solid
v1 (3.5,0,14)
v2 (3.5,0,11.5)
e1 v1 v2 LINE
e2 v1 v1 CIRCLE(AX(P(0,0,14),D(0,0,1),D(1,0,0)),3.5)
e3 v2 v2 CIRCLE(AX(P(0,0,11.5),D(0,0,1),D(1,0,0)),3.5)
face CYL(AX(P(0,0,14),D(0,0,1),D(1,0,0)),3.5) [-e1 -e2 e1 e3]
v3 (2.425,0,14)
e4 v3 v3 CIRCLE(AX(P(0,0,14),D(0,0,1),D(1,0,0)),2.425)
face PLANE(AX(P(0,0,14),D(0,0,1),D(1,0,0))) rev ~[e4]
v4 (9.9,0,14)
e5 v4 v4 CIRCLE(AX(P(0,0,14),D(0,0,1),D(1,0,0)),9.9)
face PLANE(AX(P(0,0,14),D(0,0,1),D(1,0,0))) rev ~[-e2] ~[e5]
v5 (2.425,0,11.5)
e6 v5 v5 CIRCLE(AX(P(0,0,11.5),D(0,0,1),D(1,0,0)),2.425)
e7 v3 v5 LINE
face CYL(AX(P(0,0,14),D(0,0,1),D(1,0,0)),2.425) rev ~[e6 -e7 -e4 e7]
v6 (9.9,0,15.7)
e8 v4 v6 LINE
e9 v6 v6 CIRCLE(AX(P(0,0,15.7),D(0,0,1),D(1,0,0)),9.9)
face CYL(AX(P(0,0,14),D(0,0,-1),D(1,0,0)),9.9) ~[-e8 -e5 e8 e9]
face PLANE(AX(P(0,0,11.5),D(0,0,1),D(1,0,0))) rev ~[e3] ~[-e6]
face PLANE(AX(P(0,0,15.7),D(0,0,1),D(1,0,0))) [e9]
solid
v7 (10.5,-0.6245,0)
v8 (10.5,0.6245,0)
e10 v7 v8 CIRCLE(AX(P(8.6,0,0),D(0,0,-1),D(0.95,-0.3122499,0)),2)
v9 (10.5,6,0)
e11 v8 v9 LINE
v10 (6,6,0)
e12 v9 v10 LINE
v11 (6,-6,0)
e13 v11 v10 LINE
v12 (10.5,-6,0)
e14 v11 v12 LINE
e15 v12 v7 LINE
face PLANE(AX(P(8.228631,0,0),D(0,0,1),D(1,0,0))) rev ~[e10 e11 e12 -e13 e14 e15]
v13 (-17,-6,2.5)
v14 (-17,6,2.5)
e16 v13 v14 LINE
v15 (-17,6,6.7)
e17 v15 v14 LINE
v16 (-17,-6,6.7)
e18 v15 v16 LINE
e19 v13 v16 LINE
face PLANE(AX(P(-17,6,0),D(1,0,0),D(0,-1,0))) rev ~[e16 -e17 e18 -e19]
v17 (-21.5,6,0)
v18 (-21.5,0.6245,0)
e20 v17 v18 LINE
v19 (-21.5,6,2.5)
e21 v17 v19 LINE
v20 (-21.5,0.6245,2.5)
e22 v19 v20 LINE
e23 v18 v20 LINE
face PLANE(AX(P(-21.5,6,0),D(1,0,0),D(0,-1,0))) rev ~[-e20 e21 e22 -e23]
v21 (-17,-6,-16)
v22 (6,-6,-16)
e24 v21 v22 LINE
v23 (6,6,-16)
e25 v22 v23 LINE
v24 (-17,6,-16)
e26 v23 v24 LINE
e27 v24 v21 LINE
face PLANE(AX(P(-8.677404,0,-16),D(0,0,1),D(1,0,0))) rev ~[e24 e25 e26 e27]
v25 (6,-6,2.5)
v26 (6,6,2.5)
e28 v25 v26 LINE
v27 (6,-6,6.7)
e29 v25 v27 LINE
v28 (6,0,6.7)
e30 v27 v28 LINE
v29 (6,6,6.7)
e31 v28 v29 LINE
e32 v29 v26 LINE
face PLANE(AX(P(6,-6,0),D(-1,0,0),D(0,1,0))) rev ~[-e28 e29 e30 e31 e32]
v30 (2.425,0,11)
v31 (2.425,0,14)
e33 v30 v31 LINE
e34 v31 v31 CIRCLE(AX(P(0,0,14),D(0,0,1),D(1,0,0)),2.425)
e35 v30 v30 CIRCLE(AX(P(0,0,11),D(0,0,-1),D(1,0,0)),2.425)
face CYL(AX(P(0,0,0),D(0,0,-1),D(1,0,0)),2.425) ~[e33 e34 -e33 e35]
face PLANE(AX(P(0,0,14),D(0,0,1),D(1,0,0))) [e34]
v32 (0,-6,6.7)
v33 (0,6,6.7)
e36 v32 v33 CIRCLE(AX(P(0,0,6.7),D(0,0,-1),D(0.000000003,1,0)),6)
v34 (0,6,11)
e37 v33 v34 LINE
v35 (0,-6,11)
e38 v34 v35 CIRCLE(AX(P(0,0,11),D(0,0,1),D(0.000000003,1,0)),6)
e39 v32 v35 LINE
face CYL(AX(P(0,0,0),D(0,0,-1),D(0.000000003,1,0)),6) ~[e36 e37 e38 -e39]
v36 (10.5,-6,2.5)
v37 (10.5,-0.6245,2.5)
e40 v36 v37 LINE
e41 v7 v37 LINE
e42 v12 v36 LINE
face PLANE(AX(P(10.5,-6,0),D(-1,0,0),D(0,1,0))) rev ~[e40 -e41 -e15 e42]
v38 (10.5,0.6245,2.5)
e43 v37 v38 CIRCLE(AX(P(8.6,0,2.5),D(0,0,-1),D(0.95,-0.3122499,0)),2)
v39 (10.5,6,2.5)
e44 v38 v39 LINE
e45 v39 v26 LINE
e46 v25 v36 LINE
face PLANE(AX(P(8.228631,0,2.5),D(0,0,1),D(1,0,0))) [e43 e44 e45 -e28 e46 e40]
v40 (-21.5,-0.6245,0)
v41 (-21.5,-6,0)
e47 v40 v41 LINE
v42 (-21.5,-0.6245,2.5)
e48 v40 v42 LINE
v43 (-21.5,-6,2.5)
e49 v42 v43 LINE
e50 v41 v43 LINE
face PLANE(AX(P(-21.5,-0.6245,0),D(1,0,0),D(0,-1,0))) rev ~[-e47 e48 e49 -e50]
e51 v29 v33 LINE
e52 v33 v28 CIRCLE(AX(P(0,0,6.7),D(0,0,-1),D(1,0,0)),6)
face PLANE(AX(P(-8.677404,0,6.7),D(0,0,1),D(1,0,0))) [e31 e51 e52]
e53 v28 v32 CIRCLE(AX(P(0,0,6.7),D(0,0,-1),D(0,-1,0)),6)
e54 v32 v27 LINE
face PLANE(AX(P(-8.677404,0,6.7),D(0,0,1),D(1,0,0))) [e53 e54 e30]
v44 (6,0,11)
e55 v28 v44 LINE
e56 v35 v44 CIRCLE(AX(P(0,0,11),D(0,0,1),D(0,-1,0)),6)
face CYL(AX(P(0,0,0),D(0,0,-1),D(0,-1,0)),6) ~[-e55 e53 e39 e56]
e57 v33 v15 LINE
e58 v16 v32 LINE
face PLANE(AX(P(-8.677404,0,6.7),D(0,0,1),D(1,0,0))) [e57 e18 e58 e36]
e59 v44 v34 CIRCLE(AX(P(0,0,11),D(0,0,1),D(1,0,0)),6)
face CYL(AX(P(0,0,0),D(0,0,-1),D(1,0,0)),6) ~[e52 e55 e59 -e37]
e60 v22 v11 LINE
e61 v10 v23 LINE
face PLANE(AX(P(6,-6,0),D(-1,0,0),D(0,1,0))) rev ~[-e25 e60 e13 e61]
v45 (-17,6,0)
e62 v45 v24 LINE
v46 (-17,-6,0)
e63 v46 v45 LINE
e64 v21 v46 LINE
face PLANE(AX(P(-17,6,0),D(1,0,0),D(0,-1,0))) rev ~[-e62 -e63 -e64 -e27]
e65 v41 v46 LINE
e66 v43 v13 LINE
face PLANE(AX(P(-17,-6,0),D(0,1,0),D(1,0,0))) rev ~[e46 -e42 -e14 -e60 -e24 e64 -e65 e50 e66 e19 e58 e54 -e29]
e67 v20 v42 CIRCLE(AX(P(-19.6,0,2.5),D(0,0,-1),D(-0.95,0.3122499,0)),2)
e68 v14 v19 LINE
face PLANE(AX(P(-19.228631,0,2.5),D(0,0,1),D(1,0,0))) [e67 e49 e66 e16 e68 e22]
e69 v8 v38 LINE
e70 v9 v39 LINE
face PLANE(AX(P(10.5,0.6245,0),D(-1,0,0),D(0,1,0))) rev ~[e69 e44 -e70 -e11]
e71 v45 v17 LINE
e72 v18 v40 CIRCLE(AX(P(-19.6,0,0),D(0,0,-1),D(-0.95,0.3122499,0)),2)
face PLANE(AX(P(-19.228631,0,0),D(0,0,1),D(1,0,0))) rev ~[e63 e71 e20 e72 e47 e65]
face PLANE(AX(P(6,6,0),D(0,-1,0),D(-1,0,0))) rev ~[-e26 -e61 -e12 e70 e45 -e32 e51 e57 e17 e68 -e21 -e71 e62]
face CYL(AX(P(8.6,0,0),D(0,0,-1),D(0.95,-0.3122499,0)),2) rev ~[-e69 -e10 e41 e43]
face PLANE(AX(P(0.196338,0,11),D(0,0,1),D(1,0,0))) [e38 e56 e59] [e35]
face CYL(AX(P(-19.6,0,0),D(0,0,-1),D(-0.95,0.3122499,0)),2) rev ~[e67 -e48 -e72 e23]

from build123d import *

# Parameters (mm, degrees)
F0_R          = 2.425
F1_DEPTH      = 16
F1_DEPTH_BACK = 6.7
F2_DEPTH      = 2.5
F3_DEPTH      = 11
F4_DEPTH      = 14
F5_R          = 3.5
F5_R_2        = 2.425
F6_DEPTH      = 2.5
F5_R_3        = 9.9
F7_DEPTH      = 1.7


with BuildPart() as f1:
    # F0 (on Top) → F1 (new body, two sides)
    with BuildSketch(Plane.XY) as f1_sk:
        with BuildLine():
            Line((1.67e-08, 6), (-17, 6))
            Line((-17, 6), (-17, -6))
            Line((-17, -6), (0, -6))
            ThreePointArc((0, -6), (-6, 8.4e-09), (1.67e-08, 6))
        make_face()
        with BuildLine():
            ThreePointArc((6, 0), (4.242640693, 4.2426406812), (1.67e-08, 6))
            ThreePointArc((1.67e-08, 6), (-6, 8.4e-09), (0, -6))
            ThreePointArc((0, -6), (4.2426406871, -4.2426406871), (6, 0))
        make_face()
        Circle(F0_R, mode=Mode.SUBTRACT)
        Circle(F0_R)
        with BuildLine():
            Line((6, 6), (1.67e-08, 6))
            ThreePointArc((1.67e-08, 6), (4.242640693, 4.2426406812), (6, 0))
            Line((6, 0), (6, 6))
        make_face()
        with BuildLine():
            Line((6, -6), (6, 0))
            ThreePointArc((6, 0), (4.2426406871, -4.2426406871), (0, -6))
            Line((0, -6), (6, -6))
        make_face()
    extrude(amount=-F1_DEPTH)
    extrude(f1_sk.sketch, amount=F1_DEPTH_BACK)

    # F0 (on Top) → F2 (join)
    with BuildSketch(Plane.XY):
        with BuildLine():
            Line((-17, -6), (-17, 6))
            Line((-17, 6), (-21.5, 6))
            Line((-21.5, 6), (-21.5, 0.6244997998))
            ThreePointArc((-21.5, 0.6244997998), (-17.6, 0), (-21.5, -0.6244997998))
            Line((-21.5, -0.6244997998), (-21.5, -6))
            Line((-21.5, -6), (-17, -6))
        make_face()
        with BuildLine():
            Line((10.5, 6), (6, 6))
            Line((6, 6), (6, 0))
            Line((6, 0), (6, -6))
            Line((6, -6), (10.5, -6))
            Line((10.5, -6), (10.5, -0.6244997998))
            ThreePointArc((10.5, -0.6244997998), (6.6, 0), (10.5, 0.6244997998))
            Line((10.5, 0.6244997998), (10.5, 6))
        make_face()
    extrude(amount=F2_DEPTH)

    # F0 (on Top) → F3 (join)
    with BuildSketch(Plane.XY):
        with BuildLine():
            ThreePointArc((6, 0), (4.242640693, 4.2426406812), (1.67e-08, 6))
            ThreePointArc((1.67e-08, 6), (-6, 8.4e-09), (0, -6))
            ThreePointArc((0, -6), (4.2426406871, -4.2426406871), (6, 0))
        make_face()
        Circle(F0_R, mode=Mode.SUBTRACT)
        Circle(F0_R)
    extrude(amount=F3_DEPTH)

    # F0 (on Top) → F4 (join)
    with BuildSketch(Plane.XY):
        Circle(F0_R)
    extrude(amount=F4_DEPTH)


with BuildPart() as f6:
    # F5 (on face) → F6 (new body)
    with BuildSketch(Plane.XY.offset(14)):
        Circle(F5_R)
        Circle(F5_R_2, mode=Mode.SUBTRACT)
    extrude(amount=-F6_DEPTH)

    # F5 (on face) → F7 (join)
    with BuildSketch(Plane.XY.offset(14)):
        Circle(F5_R_3)
        Circle(F5_R, mode=Mode.SUBTRACT)
        Circle(F5_R)
        Circle(F5_R_2, mode=Mode.SUBTRACT)
        Circle(F5_R_2)
    extrude(amount=F7_DEPTH)


solid = Compound([f1.part, f6.part])
